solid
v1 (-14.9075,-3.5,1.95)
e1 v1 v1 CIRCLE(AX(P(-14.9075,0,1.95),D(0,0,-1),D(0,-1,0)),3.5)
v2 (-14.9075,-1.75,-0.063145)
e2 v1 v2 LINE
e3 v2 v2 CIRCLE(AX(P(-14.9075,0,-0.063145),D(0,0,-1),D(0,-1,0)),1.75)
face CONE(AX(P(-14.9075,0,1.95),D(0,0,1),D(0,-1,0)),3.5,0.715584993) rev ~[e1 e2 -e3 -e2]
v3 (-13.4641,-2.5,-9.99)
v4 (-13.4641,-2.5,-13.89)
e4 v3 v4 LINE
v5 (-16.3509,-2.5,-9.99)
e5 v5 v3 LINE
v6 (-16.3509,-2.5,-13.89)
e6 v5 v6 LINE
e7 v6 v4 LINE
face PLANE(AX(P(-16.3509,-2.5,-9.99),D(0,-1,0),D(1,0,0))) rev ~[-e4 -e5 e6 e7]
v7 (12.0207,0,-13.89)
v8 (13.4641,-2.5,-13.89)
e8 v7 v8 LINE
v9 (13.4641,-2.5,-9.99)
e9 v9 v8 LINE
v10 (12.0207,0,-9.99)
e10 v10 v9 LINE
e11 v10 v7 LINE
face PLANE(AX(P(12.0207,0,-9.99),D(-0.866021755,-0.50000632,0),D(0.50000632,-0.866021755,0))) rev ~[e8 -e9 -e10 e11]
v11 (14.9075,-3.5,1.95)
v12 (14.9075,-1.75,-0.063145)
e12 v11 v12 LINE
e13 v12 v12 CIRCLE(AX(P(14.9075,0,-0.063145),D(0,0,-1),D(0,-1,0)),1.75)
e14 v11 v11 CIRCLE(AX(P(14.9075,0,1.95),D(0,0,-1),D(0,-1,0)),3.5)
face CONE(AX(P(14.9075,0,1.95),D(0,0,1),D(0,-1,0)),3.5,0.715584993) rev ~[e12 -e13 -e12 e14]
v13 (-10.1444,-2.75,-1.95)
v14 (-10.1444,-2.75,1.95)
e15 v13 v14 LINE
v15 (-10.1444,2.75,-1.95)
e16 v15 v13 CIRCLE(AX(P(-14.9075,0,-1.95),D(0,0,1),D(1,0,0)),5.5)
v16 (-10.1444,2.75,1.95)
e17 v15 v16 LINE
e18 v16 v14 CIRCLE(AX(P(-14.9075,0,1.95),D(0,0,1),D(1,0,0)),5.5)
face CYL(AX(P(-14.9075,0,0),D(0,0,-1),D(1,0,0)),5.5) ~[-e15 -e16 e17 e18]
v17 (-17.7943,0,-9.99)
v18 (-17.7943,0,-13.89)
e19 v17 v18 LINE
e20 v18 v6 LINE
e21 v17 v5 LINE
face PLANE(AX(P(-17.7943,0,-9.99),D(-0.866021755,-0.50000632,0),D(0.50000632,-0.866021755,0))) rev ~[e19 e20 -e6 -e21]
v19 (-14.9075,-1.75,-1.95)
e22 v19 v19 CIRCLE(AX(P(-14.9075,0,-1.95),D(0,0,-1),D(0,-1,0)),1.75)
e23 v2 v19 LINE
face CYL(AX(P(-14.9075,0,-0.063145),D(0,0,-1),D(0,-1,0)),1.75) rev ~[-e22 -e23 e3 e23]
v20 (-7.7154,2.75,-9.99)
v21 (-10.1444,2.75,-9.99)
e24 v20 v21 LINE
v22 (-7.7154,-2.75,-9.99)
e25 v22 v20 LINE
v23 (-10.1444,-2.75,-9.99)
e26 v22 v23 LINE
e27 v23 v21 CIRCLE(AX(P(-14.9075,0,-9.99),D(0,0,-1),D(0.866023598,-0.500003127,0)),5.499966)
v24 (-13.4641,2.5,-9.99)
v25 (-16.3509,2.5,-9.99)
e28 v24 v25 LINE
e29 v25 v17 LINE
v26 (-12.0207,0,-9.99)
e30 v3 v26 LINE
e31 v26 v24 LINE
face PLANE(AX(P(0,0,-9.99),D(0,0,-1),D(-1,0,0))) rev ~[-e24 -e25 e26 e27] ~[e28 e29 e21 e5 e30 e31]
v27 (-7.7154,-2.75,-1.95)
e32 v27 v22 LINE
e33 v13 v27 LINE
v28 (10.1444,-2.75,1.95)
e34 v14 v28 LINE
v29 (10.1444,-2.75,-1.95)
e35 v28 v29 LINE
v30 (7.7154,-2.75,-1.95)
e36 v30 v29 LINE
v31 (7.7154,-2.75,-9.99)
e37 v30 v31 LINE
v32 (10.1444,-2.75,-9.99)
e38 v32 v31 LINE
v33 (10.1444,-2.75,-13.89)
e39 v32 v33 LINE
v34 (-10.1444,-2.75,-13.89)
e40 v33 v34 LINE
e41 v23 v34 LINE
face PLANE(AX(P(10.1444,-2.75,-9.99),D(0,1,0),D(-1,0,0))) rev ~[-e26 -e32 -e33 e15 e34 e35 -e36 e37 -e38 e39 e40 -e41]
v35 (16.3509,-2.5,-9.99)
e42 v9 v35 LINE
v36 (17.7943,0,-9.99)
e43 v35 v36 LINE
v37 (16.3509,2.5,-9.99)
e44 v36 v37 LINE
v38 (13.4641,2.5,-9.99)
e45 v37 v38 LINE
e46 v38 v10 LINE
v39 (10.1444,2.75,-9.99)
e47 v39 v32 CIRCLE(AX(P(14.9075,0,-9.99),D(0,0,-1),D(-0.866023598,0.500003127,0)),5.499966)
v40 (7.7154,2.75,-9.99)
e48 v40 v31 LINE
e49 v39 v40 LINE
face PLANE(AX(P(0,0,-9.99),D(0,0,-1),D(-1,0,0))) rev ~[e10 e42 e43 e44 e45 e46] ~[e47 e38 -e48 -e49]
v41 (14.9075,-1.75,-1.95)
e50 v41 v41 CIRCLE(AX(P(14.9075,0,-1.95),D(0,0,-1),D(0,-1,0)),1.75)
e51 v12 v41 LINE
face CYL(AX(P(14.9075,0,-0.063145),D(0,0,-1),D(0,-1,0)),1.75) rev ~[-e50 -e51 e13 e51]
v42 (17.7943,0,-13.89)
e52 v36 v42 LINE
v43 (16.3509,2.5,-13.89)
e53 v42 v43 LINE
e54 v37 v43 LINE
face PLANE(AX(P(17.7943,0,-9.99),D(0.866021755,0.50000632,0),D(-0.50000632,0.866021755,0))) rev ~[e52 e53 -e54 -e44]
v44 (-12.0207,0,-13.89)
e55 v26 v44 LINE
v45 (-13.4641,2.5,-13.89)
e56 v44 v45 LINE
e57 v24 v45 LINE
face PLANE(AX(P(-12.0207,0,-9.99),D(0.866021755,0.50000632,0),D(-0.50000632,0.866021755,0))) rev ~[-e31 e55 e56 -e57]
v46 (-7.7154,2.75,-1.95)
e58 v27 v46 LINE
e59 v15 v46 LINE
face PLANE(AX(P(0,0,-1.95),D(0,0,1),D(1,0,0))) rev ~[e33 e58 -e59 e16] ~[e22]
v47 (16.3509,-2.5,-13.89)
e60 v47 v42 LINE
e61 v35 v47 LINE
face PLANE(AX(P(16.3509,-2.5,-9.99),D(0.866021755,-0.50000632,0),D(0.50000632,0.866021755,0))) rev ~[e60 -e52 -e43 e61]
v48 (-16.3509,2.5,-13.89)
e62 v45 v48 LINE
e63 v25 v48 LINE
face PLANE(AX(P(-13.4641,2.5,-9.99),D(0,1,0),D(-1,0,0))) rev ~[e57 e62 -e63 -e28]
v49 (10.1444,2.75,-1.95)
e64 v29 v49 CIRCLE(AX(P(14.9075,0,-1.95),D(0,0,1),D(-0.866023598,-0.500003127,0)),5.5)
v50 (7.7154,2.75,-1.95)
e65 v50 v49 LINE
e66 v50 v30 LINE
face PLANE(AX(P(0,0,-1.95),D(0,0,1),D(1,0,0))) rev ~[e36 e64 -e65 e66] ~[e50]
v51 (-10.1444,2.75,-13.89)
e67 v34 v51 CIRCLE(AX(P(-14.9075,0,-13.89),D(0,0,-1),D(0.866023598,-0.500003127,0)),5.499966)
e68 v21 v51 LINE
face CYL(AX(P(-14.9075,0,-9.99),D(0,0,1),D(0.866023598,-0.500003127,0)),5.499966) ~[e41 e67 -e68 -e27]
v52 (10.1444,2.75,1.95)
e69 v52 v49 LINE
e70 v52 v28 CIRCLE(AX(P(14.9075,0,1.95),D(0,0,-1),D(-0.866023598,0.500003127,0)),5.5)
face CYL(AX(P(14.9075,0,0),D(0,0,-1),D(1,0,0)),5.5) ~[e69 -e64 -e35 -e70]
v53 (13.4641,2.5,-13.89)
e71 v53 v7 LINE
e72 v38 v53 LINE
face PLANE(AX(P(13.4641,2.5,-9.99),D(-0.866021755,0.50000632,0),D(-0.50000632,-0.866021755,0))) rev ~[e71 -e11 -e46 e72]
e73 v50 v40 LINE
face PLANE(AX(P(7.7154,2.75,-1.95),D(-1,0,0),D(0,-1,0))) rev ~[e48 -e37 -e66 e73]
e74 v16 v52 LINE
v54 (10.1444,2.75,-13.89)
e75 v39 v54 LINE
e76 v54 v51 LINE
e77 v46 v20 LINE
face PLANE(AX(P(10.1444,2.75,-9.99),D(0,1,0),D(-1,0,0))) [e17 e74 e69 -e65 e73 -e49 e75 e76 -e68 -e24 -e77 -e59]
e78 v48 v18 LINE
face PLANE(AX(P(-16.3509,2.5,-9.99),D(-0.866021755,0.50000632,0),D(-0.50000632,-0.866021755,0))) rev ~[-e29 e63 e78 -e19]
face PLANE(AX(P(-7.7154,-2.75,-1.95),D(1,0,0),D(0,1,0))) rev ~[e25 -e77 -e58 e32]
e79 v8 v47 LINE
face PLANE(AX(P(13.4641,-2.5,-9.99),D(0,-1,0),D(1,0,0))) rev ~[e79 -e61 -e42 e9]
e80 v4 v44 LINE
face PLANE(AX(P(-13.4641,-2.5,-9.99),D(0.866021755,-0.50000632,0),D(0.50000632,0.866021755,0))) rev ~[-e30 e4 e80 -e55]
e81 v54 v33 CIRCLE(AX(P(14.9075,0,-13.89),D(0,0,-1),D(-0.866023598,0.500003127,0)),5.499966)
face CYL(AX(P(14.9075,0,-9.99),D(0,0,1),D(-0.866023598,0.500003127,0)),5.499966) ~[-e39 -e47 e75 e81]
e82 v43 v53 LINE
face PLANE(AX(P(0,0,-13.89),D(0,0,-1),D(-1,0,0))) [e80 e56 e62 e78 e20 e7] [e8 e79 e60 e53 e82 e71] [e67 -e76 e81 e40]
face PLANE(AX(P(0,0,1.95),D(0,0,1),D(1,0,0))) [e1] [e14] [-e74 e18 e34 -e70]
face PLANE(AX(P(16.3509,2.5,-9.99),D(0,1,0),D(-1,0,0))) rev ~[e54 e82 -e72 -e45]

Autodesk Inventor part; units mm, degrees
ref_plane "YZ Plane" through (0, 0, 0) normal (1, 0, 0) x (0, 1, 0)
ref_plane "XZ Plane" through (0, 0, 0) normal (0, 1, 0) x (-1, 0, 0)
ref_plane "XY Plane" through (0, 0, 0) normal (0, 0, 1) x (1, 0, 0)
sketch "Esboço1" plane through (0, 0, 0) normal (0, 0, 1) x (1, 0, 0)
  line L0 (-10.1444, 2.75) -> (10.1444, 2.75)
  line L1 (-10.1444, -2.75) -> (10.1444, -2.75)
  circle A0 centre (-14.9075, 0) radius 5.5
  circle A1 centre (14.9075, 0) radius 5.5
  circle A2 centre (-14.9075, 0) radius 3.5
  circle A3 centre (14.9075, 0) radius 3.5
  point P0 (0, 0)
  point P1 (0, 2.75)
  point P2 (0, -2.75)
  dimension "d7" = 11
  dimension "d5" = 2.75
  dimension "d6" = 2.75
  dimension "d9" = 14.9075
  dimension "d11" = 29.815
  dimension "d12" = 7
  dimension "d13" = 7
extrude "Extrusão1" add sketch "Esboço1" along normal mid plane 3.9 contours L0 A1 L1 A0 | A0 | A1 | A2 | A3
sketch "Esboço2" plane through (0, 0, -1.95) normal (0, 0, -1) x (-1, 0, 0)
  line L0 (-7.7154, -2.75) -> (7.7154, -2.75)
  line L1 (7.7154, -2.75) -> (7.7154, 2.75)
  line L2 (7.7154, 2.75) -> (-7.7154, 2.75)
  line L3 (-7.7154, 2.75) -> (-7.7154, -2.75)
  line L4 (-7.7154, -2.75) -> (7.7154, 2.75) construction
  line L5 (7.7154, -2.75) -> (-7.7154, 2.75) construction
  line L6 (10.1444, 2.75) -> (-10.1444, 2.75) projected
  line L7 (-10.1444, -2.75) -> (10.1444, -2.75) projected
  point P0 (0, 0)
  point P1 (0, 2.75)
  point P2 (0, -2.75)
  point P3 (7.7154, 0)
  point P4 (0, 2.75)
  dimension "d21" = 15.4307
extrude "Extrusão2" add sketch "Esboço2" along normal blind 8.04
sketch "Esboço3" plane through (0, 0, 1.95) normal (0, 0, 1) x (1, 0, 0)
  arc A0 (10.1444, -2.75) -> (10.1444, 2.75) centre (14.9075, 0) ccw projected
  point P0 (0, 0)
hole "Furo1" at (14.9075, 0, 1.95) direction (0, 0, -1) diameter 3.5 end through all countersink diameter 7 countersink angle 82
sketch "Esboço4" plane through (0, 0, 1.95) normal (0, 0, 1) x (1, 0, 0)
  arc A0 (-10.1444, 2.75) -> (-10.1444, -2.75) centre (-14.9075, 0) ccw projected
  point P0 (0, 0)
hole "Furo2" at (-14.9075, 0, 1.95) direction (0, 0, -1) diameter 3.5 end through all countersink diameter 7 countersink angle 82
sketch "Esboço5" plane through (0, 0, -9.99) normal (0, 0, -1) x (-1, 0, 0)
  arc A0 (-10.1444, 2.75) -> (-10.1444, -2.75) centre (-14.9075, 0) ccw projected
  circle A1 centre (-14.9075, 0) radius 5.5
  arc A2 (10.1444, -2.75) -> (10.1444, 2.75) centre (14.9075, 0) ccw projected
  circle A3 centre (14.9075, 0) radius 5.5
  line L0 (-10.1444, 2.75) -> (10.1444, 2.75)
  line L1 (-10.1444, -2.75) -> (10.1444, -2.75)
  line L2 (-13.4641, 2.5) -> (-12.0207, 0)
  line L3 (-12.0207, 0) -> (-13.4641, -2.5)
  line L4 (-13.4641, -2.5) -> (-16.3509, -2.5)
  line L5 (-16.3509, -2.5) -> (-17.7943, 0)
  line L6 (-17.7943, 0) -> (-16.3509, 2.5)
  line L7 (-16.3509, 2.5) -> (-13.4641, 2.5)
  line L8 (16.3509, 2.5) -> (17.7943, 0)
  line L9 (17.7943, 0) -> (16.3509, -2.5)
  line L10 (16.3509, -2.5) -> (13.4641, -2.5)
  line L11 (13.4641, -2.5) -> (12.0207, 0)
  line L12 (12.0207, 0) -> (13.4641, 2.5)
  line L13 (13.4641, 2.5) -> (16.3509, 2.5)
  point P0 (0, 0)
  point P1 (-14.9075, 2.5)
  point P2 (14.9075, 2.5)
  dimension "d37" = 11
  dimension "d38" = 3
  dimension "d39" = 3
extrude "Extrusão3" add sketch "Esboço5" along normal blind 3.9
equation "\"d6\" = d5"
properties part number "Barra1_0001_001" material "Titânio"
